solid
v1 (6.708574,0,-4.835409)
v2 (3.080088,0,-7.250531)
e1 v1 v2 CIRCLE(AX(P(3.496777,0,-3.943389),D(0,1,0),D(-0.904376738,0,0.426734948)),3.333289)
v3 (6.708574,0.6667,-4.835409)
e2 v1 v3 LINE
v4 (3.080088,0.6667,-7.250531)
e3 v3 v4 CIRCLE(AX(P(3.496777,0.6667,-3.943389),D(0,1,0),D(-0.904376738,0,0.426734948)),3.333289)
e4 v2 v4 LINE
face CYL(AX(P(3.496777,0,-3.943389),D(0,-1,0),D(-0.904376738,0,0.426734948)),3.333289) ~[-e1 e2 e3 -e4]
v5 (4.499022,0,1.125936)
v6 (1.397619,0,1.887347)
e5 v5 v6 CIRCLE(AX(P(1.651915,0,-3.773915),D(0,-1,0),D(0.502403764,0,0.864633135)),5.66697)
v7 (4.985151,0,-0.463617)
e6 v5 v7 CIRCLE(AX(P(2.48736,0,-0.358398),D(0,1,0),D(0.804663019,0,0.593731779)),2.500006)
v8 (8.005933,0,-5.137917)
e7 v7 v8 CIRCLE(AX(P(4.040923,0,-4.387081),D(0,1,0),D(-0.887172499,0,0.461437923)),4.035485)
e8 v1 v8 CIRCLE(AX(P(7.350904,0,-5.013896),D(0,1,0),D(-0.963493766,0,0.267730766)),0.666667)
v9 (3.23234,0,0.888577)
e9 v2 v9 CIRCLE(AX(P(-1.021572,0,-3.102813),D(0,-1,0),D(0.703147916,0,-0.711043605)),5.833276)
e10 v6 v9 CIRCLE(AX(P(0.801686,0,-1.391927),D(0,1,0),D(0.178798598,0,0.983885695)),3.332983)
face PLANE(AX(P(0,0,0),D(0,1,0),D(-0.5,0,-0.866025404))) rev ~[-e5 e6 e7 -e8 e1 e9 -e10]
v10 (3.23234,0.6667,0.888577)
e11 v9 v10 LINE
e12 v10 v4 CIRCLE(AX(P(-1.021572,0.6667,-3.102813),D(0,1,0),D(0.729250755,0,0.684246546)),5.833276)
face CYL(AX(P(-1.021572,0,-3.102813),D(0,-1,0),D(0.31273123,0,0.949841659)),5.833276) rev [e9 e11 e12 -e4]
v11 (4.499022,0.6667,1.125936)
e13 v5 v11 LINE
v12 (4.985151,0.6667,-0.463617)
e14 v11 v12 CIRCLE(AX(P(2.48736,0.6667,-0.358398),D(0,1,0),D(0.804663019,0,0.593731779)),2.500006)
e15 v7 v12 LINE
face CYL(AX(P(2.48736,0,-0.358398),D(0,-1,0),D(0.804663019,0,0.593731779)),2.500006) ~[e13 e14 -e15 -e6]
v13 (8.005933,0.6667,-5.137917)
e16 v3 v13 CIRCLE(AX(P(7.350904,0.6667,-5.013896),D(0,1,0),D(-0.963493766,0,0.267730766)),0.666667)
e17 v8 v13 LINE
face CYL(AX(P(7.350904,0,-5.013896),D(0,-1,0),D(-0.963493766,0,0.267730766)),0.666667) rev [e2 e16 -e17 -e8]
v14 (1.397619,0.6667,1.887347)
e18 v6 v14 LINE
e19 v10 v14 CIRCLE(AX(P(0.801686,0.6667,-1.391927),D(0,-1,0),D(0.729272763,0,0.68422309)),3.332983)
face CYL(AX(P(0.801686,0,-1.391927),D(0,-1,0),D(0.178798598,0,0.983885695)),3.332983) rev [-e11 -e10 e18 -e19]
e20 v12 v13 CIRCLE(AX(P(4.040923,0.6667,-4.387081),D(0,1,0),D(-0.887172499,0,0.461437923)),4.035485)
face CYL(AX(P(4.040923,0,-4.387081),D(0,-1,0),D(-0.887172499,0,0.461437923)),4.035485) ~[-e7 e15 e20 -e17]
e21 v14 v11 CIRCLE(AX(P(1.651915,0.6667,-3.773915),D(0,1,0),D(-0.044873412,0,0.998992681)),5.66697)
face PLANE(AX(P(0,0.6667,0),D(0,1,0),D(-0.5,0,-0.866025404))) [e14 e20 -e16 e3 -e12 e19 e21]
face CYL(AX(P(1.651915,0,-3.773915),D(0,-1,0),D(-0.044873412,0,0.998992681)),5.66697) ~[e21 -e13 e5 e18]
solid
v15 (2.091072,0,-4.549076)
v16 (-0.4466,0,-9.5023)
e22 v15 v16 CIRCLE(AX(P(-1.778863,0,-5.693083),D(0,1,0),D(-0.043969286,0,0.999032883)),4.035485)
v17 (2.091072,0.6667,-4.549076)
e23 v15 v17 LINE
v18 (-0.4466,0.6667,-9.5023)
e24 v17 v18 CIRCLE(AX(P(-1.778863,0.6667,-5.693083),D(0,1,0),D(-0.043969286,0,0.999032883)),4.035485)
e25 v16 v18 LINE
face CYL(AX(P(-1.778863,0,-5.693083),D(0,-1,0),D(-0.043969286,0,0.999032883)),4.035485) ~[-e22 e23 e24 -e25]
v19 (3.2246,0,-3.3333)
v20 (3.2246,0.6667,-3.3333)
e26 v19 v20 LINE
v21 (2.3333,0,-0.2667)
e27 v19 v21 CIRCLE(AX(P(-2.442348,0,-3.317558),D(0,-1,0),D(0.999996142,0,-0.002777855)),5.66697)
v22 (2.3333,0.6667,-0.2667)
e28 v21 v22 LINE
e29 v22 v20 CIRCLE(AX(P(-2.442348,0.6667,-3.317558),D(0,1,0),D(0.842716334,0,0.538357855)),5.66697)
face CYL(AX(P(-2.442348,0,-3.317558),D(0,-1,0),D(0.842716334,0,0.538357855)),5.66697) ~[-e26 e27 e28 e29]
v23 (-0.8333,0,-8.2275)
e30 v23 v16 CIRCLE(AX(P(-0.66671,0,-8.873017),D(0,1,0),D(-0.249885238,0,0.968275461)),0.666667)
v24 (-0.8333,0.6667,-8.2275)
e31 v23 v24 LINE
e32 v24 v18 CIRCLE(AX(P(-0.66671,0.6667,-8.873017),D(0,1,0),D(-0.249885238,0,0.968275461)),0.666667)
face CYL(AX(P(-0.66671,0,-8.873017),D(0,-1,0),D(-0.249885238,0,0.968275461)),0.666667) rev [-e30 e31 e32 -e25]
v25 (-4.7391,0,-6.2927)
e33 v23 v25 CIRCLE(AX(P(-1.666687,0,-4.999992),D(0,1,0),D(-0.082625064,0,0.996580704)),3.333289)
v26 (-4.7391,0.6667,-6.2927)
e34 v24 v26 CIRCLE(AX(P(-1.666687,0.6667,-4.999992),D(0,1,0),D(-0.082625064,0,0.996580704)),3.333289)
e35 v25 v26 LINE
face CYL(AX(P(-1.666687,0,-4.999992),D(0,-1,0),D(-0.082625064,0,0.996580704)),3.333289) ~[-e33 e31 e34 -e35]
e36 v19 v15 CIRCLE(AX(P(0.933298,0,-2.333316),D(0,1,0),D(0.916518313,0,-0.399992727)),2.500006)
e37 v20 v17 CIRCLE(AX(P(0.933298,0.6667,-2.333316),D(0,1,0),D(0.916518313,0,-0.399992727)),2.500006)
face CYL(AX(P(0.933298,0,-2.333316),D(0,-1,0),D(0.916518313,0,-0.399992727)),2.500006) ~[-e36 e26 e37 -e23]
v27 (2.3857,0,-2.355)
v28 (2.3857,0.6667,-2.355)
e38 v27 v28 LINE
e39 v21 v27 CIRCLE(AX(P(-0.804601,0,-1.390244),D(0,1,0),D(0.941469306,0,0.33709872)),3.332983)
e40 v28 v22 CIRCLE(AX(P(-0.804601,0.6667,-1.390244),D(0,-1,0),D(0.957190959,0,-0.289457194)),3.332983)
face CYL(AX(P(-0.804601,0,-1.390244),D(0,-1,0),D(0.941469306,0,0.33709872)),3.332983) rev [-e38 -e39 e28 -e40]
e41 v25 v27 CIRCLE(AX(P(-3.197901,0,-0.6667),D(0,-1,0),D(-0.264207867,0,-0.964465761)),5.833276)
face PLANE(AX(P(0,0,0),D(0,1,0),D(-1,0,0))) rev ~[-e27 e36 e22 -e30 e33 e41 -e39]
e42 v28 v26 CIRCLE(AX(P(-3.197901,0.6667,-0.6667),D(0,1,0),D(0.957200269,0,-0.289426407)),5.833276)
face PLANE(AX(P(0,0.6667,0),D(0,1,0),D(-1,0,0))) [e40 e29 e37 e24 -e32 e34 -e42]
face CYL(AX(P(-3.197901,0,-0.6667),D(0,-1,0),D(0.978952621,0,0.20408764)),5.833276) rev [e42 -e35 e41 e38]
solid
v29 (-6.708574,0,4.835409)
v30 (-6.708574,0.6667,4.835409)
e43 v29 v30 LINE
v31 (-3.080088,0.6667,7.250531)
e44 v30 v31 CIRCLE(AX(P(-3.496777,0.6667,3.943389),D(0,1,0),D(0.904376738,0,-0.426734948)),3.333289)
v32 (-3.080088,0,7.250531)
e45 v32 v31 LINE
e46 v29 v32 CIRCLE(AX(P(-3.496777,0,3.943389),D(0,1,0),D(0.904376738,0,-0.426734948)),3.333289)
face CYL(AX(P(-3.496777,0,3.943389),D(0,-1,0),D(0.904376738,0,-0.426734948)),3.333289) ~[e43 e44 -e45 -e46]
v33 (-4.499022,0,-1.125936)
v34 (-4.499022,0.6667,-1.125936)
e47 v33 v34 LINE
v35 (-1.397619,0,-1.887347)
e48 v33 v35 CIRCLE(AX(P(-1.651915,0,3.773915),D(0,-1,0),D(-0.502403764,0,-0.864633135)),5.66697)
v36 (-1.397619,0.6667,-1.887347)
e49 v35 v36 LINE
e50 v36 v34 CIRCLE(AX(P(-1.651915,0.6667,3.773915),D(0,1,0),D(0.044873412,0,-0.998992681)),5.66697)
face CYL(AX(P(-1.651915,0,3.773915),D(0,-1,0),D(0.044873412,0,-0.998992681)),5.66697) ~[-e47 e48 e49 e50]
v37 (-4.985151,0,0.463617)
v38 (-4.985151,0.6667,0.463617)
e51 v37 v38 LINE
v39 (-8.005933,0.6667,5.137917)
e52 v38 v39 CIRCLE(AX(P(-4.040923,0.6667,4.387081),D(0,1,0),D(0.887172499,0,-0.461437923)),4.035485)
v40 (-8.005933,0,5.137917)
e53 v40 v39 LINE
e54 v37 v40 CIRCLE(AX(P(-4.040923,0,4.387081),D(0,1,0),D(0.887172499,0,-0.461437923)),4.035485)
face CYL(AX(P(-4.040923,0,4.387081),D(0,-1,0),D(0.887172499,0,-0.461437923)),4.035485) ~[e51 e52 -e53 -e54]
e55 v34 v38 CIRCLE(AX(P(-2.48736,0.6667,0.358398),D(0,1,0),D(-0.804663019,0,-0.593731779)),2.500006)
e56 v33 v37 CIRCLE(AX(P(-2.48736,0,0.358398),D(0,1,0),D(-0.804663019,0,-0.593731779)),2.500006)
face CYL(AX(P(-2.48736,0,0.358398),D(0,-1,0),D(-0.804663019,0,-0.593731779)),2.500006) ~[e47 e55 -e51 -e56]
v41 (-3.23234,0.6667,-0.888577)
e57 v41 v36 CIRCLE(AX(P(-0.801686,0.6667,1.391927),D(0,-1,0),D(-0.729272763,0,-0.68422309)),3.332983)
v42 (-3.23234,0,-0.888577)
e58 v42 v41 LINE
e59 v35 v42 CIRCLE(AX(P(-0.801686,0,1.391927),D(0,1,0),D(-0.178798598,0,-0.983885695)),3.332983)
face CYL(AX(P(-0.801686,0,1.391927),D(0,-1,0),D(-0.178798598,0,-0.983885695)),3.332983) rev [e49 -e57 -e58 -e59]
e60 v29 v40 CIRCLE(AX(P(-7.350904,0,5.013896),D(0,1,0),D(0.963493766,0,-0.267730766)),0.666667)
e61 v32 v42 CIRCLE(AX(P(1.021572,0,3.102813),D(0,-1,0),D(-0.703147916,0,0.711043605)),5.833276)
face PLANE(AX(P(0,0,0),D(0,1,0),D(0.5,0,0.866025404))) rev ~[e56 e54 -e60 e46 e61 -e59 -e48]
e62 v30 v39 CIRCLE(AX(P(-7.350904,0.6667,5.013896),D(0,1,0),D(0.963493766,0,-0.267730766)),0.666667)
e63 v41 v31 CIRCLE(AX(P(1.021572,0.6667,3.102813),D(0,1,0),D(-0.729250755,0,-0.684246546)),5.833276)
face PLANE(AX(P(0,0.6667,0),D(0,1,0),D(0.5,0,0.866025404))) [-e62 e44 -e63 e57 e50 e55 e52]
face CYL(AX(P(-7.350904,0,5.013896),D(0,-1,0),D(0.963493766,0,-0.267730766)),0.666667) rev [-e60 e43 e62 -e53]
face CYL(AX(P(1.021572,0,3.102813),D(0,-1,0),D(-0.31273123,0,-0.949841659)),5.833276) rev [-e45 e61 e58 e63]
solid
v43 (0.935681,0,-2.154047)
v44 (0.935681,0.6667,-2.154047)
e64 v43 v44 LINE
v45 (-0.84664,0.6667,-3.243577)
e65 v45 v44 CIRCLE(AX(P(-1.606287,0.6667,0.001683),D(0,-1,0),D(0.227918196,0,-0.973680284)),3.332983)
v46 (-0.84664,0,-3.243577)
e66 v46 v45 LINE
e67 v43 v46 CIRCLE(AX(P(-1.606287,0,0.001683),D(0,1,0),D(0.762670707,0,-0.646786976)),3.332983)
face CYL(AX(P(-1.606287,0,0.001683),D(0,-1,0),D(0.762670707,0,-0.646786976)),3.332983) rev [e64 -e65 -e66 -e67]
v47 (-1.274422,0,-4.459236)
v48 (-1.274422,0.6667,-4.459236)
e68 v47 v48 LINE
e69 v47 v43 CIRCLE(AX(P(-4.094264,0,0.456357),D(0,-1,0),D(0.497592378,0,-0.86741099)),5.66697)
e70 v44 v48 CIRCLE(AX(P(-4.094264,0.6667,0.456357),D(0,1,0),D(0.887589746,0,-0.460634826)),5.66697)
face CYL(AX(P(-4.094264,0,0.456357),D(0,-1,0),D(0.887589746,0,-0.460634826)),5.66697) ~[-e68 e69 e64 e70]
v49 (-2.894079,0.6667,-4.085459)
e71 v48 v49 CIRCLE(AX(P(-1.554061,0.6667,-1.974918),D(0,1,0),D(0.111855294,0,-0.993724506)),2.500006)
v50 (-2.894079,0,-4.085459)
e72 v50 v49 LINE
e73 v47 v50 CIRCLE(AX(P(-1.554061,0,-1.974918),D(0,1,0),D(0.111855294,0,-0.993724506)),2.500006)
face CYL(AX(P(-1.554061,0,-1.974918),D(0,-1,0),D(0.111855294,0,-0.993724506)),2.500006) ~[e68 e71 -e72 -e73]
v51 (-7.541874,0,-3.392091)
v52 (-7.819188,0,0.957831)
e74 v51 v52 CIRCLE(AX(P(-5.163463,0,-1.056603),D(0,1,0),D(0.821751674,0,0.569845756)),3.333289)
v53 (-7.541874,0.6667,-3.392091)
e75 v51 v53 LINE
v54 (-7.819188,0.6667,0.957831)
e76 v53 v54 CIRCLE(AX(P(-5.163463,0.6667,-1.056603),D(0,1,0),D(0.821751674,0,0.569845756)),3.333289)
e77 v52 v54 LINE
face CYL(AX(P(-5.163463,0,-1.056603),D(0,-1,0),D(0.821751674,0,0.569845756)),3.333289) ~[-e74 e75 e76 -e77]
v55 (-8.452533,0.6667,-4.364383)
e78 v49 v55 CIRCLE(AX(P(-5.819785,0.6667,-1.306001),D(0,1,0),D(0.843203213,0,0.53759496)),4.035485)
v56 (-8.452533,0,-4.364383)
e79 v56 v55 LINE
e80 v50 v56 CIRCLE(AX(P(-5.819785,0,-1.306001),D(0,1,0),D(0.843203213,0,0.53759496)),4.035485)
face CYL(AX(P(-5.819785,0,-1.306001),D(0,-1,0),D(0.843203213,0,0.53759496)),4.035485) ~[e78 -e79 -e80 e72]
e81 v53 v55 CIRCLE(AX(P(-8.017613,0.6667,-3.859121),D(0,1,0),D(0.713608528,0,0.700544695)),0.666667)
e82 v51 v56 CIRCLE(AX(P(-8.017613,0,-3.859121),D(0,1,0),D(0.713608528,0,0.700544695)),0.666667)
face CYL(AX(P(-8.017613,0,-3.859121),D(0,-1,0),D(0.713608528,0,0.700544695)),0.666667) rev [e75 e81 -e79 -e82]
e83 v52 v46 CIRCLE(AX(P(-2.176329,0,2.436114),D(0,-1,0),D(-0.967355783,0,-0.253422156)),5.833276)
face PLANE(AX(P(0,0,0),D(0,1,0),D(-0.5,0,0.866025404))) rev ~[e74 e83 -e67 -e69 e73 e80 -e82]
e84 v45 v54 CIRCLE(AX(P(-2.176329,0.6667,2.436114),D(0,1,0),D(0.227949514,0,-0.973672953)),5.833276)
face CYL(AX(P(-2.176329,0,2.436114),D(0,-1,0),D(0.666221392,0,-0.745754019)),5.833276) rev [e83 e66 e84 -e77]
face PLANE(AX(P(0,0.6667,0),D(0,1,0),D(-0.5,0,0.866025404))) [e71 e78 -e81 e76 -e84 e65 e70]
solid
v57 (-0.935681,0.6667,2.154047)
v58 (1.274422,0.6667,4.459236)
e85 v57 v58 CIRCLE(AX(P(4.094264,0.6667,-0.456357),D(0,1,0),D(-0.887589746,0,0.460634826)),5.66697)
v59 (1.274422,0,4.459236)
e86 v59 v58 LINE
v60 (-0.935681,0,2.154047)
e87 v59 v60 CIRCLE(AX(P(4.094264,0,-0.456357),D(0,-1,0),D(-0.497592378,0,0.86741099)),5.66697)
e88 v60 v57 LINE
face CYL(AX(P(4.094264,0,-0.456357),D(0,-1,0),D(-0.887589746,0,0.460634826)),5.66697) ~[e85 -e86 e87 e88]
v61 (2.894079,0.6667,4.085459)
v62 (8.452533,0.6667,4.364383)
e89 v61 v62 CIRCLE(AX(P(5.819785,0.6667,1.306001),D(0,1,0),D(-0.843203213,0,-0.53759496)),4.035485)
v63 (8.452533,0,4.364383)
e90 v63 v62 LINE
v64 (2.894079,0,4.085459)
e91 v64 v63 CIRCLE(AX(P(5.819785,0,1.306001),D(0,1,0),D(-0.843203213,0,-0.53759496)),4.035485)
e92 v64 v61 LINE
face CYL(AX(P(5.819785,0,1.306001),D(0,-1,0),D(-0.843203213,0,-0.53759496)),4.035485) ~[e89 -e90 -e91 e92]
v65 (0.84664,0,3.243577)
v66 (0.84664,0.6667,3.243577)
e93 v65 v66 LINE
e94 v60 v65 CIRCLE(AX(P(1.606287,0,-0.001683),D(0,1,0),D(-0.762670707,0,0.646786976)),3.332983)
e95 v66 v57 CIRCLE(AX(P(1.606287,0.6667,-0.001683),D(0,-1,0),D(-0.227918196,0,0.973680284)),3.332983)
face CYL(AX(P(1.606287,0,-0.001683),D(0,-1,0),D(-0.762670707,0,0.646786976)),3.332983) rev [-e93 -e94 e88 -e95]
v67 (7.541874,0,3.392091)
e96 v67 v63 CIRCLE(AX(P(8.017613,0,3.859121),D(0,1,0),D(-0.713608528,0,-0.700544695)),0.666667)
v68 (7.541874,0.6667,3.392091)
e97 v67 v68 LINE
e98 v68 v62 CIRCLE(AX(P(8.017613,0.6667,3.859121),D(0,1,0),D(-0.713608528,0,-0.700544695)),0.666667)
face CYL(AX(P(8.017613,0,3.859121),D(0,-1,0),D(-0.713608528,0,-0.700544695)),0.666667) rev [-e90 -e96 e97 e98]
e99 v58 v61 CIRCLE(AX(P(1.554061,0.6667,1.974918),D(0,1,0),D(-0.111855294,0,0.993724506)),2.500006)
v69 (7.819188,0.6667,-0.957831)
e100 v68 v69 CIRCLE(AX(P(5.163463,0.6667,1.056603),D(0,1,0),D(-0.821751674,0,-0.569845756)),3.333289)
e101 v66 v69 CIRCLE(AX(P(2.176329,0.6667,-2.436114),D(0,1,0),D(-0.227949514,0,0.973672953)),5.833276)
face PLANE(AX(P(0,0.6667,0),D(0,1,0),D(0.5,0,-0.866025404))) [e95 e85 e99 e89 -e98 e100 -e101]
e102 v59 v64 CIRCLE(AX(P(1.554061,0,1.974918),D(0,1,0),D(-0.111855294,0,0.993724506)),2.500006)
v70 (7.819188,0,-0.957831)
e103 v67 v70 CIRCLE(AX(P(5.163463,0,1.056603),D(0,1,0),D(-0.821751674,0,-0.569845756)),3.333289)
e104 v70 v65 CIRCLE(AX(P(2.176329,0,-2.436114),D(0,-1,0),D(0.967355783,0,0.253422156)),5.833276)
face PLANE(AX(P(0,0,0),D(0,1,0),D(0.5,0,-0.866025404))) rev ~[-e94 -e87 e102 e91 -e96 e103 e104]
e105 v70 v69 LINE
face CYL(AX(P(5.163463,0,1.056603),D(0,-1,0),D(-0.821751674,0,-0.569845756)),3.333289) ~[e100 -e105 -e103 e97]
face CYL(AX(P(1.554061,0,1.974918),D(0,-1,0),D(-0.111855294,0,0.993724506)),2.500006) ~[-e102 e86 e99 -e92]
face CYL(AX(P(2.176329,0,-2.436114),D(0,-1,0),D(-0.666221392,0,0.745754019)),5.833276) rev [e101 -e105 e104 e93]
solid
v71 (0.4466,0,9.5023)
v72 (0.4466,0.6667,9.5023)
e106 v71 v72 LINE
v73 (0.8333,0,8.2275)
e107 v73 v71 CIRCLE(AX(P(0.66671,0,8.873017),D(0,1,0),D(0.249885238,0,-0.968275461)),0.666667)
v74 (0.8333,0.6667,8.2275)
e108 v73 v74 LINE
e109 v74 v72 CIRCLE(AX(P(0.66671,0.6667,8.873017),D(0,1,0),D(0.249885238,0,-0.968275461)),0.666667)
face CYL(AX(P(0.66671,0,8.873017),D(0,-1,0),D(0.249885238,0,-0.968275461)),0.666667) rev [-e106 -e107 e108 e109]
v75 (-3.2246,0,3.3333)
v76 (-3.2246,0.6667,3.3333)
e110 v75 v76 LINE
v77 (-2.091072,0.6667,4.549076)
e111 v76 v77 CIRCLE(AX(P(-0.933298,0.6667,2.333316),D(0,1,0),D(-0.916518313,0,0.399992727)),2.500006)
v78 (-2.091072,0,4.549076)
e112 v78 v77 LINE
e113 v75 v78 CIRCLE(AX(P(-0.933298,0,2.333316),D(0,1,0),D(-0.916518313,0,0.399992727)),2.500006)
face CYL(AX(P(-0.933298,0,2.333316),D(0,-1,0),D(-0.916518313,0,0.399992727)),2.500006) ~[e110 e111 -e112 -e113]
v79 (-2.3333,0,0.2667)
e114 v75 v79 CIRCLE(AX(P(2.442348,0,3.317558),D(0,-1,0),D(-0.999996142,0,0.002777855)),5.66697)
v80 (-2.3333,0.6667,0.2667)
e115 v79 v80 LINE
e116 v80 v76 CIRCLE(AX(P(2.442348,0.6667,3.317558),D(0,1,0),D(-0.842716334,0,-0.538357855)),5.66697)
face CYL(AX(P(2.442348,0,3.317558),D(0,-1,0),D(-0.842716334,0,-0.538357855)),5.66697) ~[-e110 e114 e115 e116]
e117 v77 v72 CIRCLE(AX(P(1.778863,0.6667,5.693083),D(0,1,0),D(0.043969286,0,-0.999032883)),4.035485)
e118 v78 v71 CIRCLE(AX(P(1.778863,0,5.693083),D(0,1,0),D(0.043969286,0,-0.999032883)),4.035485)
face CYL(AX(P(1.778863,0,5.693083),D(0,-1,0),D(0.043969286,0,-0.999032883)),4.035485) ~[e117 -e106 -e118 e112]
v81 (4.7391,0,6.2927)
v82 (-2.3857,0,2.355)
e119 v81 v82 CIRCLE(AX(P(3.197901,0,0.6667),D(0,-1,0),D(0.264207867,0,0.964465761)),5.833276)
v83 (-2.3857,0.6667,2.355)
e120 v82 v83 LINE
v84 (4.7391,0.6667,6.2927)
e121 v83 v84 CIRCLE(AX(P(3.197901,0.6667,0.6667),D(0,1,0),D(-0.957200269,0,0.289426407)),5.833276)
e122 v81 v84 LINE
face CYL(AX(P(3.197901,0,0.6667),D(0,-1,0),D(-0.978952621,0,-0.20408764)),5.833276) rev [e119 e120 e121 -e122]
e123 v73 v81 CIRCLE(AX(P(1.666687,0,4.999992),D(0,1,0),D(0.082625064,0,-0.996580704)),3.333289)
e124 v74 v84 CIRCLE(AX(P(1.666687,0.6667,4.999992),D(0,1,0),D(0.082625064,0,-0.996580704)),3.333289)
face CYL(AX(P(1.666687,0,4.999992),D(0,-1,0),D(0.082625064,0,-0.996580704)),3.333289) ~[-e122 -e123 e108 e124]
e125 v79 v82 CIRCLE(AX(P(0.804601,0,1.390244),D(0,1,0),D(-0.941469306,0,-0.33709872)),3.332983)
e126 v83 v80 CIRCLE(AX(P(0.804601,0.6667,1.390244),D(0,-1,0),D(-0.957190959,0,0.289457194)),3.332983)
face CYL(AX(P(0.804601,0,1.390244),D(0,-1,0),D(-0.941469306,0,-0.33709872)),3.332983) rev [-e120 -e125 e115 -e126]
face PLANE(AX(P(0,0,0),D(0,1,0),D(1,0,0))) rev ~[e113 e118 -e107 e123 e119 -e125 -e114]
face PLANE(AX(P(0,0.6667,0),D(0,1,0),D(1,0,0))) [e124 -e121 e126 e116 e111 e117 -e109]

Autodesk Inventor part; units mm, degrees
ref_plane "YZ Plane" through (0, 0, 0) normal (1, 0, 0) x (0, 1, 0)
ref_plane "XZ Plane" through (0, 0, 0) normal (0, 1, 0) x (-1, 0, 0)
sketch "スケッチ1" plane through (0, 0, 0) normal (0, 1, 0) x (-1, 0, 0)
  circle A0 centre (0, 0) radius 10 construction
  arc A1 (-2.5126, 0.5238) -> (1.9563, -1.6615) centre (0, 0) ccw
  arc A2 (-2.5126, 0.5238) -> (5.8099, -5.8825) centre (3.1979, -0.6667) ccw
  arc A3 (1.9563, -1.6615) -> (5.8099, -5.8825) centre (1.7789, -5.6931) ccw
  arc A4 (0.8333, -8.2275) -> (0.4466, -9.5023) centre (0.6667, -8.873) ccw
  arc A5 (1.9421, -1.6781) -> (4.7391, -6.2927) centre (1.6667, -5) ccw
  arc A6 (-3.2246, -3.3333) -> (-2.633, -0.5) centre (-0.9333, -2.3333) ccw
  arc A7 (-2.3333, -0.2667) -> (-2.3857, -2.355) centre (0.8049, -1.3903) ccw
  arc A8 (-2.3333, -0.2667) -> (-3.2246, -3.3333) centre (2.442, -3.3174) ccw
  point P0 (-2.091, -4.5491)
  point P1 (6.6984, -142.534)
  point P2 (12.5, -123.4123)
  point P3 (71.0869, -94.3908)
  point P4 (-0.885, -4.8329)
  point P5 (-1.6554, -4.7268)
  point P6 (-1.5359, -4.0754)
  point P7 (-39.4956, -7.5004)
  point P8 (87.1485, -88.2381)
  point P9 (1.4768, -1.669)
  point P10 (-1.7561, -3.7466)
  point P11 (1.1339, -1.7095)
  point P12 (1.4776, -1.672)
  point P13 (-2.5333, -0.4124)
  point P14 (-0.5469, -2.5077)
  point P15 (63.4693, -48.0608)
  point P16 (-2.4617, -0.7266)
  point P17 (-2.5059, -0.5553)
  point P18 (-2.6339, -0.7983)
  point P19 (-36.7334, -7.086)
  point P20 (-37.6897, 7.8571)
  point P21 (-35.7696, -6.328)
  point P22 (1.5501, -2.0457)
  point P23 (-0.6623, -2.4798)
  dimension "d0" = 20
  dimension "d1" = 5.1333
  dimension "d7" = 1.3333
  dimension "d9" = 1.6667
  dimension "d10" = 5
  dimension "d11" = 6.6667
  dimension "d13" = 5
  dimension "d15" = 2.3333
  dimension "d16" = 0.9333
  dimension "d17" = 0.6667
  dimension "d18" = 0.6667
  dimension "d19" = 11.6667
  dimension "d20" = 2.3333
  dimension "d21" = 0.2667
  dimension "d23" = 1
  dimension "d24" = 5.6667
  dimension "d25" = 3.3333
extrude "押し出し1" add sketch "スケッチ1" along normal blind 0.6667 contours A6 A5 A2 | A2 A5 A6 | A5 A6 A3 A2 | A5 A4 A3 A6 | A8 A7 A1 | A1 A7 A2 A8 | A3 A6 A8 A2
pattern_circular "円形状パターン1" count 6 over 360 about axis through (0, -10, 0) along (0, 1, 0) of "押し出し1"
sketch "スケッチ2" plane through (1.0216, 0.6667, 3.1028) normal (0, 1, 0) x (0.9998, 0, -0.0187)
  line L0 (-2.4619, 1.0376) -> (-3.5173, 3.3772)
  line L1 (-3.5173, 3.3772) -> (-2.0188, 5.461)
  line L2 (-2.0188, 5.461) -> (0.5351, 5.2052)
  line L3 (0.5351, 5.2052) -> (1.5905, 2.8656)
  line L4 (1.5905, 2.8656) -> (0.092, 0.7817)
  line L5 (0.092, 0.7817) -> (-2.4619, 1.0376)
  circle A0 centre (-0.9634, 3.1214) radius 2.5667
  point P0 (-1.9392, 0.9852)
  point P1 (-3.3013, 2.8984)
  point P2 (-2.3254, 5.0346)
  point P3 (0.0125, 5.2576)
  point P4 (1.3745, 3.3443)
  point P5 (0.3987, 1.2082)
  dimension "d27" = 5.1333
ref_plane "作業平面1" through (1.099, 0.6667, 2.3195) normal (0.081, 0, -0.9967) x (-0.9967, 0, -0.081)
properties part number "LOGO"
